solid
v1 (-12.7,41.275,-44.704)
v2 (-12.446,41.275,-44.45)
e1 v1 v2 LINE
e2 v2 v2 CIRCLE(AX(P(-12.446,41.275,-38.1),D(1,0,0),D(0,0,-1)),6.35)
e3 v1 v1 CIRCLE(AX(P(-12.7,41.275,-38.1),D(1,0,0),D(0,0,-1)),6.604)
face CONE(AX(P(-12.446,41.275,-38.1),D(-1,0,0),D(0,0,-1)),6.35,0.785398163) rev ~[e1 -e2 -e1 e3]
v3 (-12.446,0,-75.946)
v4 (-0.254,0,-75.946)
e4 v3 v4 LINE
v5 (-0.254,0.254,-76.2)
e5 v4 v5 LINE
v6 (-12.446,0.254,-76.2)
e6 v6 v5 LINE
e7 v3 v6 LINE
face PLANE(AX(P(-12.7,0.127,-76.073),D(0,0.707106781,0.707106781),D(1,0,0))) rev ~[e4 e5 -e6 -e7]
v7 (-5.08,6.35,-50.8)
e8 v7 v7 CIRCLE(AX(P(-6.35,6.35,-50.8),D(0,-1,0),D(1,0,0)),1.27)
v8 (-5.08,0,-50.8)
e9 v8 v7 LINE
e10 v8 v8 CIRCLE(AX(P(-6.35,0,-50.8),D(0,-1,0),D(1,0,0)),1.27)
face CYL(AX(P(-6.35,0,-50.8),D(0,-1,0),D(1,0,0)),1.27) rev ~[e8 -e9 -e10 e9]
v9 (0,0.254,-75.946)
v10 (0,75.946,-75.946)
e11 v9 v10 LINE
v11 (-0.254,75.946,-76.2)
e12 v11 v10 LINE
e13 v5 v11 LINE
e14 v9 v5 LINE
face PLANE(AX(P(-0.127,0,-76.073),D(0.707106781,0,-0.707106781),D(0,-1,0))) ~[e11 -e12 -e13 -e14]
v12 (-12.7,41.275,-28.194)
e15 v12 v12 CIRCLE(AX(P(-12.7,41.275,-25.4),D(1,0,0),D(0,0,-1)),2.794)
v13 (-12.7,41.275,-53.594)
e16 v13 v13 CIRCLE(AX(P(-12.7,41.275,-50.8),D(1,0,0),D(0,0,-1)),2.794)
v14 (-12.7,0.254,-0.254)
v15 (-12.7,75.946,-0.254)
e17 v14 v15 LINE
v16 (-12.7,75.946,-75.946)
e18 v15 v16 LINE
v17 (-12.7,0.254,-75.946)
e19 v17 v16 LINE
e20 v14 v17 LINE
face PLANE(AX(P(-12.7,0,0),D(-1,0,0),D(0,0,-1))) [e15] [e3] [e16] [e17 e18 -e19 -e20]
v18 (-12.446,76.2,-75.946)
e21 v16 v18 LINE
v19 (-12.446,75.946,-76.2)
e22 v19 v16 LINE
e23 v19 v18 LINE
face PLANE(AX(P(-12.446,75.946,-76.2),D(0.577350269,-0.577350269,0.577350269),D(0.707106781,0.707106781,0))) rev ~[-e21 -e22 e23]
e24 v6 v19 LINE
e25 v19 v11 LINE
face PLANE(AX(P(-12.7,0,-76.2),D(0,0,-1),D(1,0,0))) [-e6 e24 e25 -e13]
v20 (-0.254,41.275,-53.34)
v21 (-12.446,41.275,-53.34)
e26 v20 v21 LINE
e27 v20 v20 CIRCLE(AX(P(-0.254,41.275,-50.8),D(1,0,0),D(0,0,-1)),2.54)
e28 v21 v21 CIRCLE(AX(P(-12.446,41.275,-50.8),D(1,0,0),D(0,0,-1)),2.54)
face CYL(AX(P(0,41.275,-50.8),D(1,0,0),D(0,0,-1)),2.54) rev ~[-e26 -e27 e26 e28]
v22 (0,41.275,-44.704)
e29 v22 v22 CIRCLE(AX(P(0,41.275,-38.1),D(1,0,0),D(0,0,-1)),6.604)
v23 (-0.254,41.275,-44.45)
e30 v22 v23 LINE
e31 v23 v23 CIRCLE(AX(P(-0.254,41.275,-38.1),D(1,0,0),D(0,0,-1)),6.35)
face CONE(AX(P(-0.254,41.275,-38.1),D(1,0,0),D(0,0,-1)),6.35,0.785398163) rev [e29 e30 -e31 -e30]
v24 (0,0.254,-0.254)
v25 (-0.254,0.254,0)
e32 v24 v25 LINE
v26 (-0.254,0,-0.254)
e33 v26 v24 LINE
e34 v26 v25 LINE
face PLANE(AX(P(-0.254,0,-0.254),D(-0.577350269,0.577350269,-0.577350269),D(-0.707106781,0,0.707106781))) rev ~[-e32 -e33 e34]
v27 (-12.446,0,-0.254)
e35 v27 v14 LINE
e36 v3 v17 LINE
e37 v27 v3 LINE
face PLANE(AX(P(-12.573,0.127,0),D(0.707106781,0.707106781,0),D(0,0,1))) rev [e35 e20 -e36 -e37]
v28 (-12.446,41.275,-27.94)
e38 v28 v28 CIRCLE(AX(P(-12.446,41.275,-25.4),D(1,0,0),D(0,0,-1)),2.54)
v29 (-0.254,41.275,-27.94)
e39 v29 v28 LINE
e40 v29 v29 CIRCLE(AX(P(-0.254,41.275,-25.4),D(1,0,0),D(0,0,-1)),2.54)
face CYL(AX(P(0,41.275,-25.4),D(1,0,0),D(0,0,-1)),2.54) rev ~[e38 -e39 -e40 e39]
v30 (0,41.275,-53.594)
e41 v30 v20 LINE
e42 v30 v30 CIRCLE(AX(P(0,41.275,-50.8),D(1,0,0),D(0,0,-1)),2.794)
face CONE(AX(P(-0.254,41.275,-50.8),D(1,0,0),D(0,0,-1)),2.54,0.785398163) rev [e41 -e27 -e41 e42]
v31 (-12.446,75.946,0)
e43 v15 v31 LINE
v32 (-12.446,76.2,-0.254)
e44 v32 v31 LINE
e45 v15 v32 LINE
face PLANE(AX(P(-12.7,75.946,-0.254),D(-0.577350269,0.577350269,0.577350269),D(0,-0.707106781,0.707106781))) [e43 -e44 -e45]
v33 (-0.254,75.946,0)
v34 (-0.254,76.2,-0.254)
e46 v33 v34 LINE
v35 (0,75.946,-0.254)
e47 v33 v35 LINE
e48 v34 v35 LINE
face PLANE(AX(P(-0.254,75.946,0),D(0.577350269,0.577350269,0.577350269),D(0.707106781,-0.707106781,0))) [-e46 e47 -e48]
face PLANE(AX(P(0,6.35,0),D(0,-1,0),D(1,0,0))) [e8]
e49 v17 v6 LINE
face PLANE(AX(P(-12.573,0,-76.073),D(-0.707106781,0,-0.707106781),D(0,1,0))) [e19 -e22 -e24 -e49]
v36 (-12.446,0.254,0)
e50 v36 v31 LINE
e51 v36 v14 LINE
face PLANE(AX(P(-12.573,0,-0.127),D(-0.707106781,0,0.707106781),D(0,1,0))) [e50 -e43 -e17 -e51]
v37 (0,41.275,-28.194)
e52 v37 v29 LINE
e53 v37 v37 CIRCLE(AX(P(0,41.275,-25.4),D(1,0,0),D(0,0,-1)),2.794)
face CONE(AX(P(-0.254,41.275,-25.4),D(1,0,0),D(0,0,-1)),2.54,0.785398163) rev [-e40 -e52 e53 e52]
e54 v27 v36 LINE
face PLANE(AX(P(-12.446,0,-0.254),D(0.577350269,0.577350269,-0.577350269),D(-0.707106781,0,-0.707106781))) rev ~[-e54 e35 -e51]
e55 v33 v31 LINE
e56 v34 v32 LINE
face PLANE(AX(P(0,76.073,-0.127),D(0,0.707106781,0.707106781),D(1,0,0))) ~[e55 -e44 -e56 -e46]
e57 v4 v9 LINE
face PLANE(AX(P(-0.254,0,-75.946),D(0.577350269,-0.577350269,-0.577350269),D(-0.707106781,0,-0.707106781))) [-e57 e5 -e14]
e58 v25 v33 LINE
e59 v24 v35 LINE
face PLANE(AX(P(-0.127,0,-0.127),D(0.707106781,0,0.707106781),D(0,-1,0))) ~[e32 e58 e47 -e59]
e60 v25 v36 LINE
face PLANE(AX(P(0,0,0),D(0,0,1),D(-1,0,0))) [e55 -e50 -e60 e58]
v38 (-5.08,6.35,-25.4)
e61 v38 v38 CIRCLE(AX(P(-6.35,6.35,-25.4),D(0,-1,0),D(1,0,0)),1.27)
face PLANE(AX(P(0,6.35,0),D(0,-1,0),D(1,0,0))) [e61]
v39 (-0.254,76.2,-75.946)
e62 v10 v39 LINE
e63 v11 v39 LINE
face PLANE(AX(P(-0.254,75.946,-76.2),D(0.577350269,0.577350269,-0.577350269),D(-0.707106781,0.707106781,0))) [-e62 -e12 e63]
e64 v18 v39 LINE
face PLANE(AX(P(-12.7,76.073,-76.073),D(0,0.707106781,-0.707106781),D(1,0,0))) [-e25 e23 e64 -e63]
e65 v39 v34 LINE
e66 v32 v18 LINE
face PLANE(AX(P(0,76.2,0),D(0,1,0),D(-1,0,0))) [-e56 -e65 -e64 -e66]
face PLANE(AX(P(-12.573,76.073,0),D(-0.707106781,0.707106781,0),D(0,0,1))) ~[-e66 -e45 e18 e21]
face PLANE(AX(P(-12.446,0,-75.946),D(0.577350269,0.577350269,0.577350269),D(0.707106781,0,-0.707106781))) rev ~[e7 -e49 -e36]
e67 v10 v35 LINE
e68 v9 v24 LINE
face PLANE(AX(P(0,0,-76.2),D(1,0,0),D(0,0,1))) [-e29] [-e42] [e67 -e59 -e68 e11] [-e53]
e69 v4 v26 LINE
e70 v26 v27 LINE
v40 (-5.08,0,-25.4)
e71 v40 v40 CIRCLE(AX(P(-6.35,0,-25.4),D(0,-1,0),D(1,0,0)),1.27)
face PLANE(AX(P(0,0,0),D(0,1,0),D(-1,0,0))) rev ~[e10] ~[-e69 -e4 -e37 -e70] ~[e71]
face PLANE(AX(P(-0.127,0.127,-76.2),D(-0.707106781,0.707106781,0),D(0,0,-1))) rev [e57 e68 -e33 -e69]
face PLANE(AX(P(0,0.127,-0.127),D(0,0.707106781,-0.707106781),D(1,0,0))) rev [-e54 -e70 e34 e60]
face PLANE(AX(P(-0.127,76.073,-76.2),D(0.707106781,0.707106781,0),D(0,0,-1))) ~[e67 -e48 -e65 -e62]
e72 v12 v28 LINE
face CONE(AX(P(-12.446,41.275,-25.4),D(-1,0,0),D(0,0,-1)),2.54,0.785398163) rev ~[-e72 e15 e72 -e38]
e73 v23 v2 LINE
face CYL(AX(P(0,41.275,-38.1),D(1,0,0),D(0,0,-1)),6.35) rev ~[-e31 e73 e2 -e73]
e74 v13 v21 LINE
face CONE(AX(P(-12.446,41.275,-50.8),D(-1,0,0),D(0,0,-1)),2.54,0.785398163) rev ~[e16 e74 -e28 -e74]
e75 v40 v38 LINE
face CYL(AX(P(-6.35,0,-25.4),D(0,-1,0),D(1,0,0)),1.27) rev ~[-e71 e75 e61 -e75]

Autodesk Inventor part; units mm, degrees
ref_plane "YZ Plane" through (0, 0, 0) normal (1, 0, 0) x (0, 1, 0)
ref_plane "XZ Plane" through (0, 0, 0) normal (0, 1, 0) x (-1, 0, 0)
ref_plane "XY Plane" through (0, 0, 0) normal (0, 0, 1) x (1, 0, 0)
sketch "Sketch1" plane through (0, 0, 0) normal (0, 1, 0) x (-1, 0, 0)
  line L0 (0, 0) -> (12.7, 0)
  line L1 (12.7, 0) -> (12.7, -76.2)
  line L2 (12.7, -76.2) -> (0, -76.2)
  line L3 (0, -76.2) -> (0, 0)
  dimension "d0" = 12.7
  dimension "d1" = 76.2
extrude "Extrusion1" add sketch "Sketch1" along normal blind 76.2
sketch "Sketch2" plane through (0, 0, 0) normal (0, -1, 0) x (1, 0, 0)
  circle A0 centre (-6.35, -25.4) radius 1.27
  circle A1 centre (-6.35, -50.8) radius 1.27
  line L0 (0, 0) -> (-12.7, 0) projected
  line L1 (-12.7, -76.2) -> (0, -76.2) projected
  dimension "d4" = 2.54
  dimension "d5" = 2.54
  dimension "d6" = 25.4
  dimension "d8" = 25.4
  dimension "d9" = 6.35
extrude "Extrusion2" cut sketch "Sketch2" against normal blind 6.35
sketch "Sketch3" plane through (0, 0, 0) normal (1, 0, 0) x (0, 0, -1)
  circle A0 centre (38.1, 41.275) radius 6.35
  circle A1 centre (25.4, 41.275) radius 2.54
  line L0 (0, 0) -> (0, 76.2) projected
  circle A2 centre (50.8, 41.275) radius 2.54
  line L1 (76.2, 0) -> (0, 0) projected
  dimension "d12" = 12.7
  dimension "d13" = 5.08
  dimension "d15" = 38.1
  dimension "d16" = 25.4
  dimension "d19" = 360
  dimension "d21" = 41.275
extrude "Extrusion3" cut sketch "Sketch3" against normal up to next
thread "Thread1" size "12-24 UNC" class "2B" standard "ANSI Unified Screw Threads" full length
thread "Thread2" size "12-24 UNC" class "2B" standard "ANSI Unified Screw Threads" full length
chamfer "Chamfer1" distance 0.254 angle 45 18 edges at (0, 41.275, -31.75) (0, 41.275, -22.86) (0, 41.275, -48.26) (-12.7, 41.275, -48.26) (-12.7, 41.275, -31.75) (-12.7, 41.275, -22.86) (0, 76.2, -38.1) (-6.35, 76.2, 0) (-12.7, 76.2, -38.1) (0, 38.1, 0) (-12.7, 38.1, 0) (0, 38.1, -76.2) (0, 0, -38.1) (-6.35, 0, 0) (-12.7, 38.1, -76.2) (-12.7, 0, -38.1) (-6.35, 76.2, -76.2) (-6.35, 0, -76.2)
properties part number "Fixture-Center"
